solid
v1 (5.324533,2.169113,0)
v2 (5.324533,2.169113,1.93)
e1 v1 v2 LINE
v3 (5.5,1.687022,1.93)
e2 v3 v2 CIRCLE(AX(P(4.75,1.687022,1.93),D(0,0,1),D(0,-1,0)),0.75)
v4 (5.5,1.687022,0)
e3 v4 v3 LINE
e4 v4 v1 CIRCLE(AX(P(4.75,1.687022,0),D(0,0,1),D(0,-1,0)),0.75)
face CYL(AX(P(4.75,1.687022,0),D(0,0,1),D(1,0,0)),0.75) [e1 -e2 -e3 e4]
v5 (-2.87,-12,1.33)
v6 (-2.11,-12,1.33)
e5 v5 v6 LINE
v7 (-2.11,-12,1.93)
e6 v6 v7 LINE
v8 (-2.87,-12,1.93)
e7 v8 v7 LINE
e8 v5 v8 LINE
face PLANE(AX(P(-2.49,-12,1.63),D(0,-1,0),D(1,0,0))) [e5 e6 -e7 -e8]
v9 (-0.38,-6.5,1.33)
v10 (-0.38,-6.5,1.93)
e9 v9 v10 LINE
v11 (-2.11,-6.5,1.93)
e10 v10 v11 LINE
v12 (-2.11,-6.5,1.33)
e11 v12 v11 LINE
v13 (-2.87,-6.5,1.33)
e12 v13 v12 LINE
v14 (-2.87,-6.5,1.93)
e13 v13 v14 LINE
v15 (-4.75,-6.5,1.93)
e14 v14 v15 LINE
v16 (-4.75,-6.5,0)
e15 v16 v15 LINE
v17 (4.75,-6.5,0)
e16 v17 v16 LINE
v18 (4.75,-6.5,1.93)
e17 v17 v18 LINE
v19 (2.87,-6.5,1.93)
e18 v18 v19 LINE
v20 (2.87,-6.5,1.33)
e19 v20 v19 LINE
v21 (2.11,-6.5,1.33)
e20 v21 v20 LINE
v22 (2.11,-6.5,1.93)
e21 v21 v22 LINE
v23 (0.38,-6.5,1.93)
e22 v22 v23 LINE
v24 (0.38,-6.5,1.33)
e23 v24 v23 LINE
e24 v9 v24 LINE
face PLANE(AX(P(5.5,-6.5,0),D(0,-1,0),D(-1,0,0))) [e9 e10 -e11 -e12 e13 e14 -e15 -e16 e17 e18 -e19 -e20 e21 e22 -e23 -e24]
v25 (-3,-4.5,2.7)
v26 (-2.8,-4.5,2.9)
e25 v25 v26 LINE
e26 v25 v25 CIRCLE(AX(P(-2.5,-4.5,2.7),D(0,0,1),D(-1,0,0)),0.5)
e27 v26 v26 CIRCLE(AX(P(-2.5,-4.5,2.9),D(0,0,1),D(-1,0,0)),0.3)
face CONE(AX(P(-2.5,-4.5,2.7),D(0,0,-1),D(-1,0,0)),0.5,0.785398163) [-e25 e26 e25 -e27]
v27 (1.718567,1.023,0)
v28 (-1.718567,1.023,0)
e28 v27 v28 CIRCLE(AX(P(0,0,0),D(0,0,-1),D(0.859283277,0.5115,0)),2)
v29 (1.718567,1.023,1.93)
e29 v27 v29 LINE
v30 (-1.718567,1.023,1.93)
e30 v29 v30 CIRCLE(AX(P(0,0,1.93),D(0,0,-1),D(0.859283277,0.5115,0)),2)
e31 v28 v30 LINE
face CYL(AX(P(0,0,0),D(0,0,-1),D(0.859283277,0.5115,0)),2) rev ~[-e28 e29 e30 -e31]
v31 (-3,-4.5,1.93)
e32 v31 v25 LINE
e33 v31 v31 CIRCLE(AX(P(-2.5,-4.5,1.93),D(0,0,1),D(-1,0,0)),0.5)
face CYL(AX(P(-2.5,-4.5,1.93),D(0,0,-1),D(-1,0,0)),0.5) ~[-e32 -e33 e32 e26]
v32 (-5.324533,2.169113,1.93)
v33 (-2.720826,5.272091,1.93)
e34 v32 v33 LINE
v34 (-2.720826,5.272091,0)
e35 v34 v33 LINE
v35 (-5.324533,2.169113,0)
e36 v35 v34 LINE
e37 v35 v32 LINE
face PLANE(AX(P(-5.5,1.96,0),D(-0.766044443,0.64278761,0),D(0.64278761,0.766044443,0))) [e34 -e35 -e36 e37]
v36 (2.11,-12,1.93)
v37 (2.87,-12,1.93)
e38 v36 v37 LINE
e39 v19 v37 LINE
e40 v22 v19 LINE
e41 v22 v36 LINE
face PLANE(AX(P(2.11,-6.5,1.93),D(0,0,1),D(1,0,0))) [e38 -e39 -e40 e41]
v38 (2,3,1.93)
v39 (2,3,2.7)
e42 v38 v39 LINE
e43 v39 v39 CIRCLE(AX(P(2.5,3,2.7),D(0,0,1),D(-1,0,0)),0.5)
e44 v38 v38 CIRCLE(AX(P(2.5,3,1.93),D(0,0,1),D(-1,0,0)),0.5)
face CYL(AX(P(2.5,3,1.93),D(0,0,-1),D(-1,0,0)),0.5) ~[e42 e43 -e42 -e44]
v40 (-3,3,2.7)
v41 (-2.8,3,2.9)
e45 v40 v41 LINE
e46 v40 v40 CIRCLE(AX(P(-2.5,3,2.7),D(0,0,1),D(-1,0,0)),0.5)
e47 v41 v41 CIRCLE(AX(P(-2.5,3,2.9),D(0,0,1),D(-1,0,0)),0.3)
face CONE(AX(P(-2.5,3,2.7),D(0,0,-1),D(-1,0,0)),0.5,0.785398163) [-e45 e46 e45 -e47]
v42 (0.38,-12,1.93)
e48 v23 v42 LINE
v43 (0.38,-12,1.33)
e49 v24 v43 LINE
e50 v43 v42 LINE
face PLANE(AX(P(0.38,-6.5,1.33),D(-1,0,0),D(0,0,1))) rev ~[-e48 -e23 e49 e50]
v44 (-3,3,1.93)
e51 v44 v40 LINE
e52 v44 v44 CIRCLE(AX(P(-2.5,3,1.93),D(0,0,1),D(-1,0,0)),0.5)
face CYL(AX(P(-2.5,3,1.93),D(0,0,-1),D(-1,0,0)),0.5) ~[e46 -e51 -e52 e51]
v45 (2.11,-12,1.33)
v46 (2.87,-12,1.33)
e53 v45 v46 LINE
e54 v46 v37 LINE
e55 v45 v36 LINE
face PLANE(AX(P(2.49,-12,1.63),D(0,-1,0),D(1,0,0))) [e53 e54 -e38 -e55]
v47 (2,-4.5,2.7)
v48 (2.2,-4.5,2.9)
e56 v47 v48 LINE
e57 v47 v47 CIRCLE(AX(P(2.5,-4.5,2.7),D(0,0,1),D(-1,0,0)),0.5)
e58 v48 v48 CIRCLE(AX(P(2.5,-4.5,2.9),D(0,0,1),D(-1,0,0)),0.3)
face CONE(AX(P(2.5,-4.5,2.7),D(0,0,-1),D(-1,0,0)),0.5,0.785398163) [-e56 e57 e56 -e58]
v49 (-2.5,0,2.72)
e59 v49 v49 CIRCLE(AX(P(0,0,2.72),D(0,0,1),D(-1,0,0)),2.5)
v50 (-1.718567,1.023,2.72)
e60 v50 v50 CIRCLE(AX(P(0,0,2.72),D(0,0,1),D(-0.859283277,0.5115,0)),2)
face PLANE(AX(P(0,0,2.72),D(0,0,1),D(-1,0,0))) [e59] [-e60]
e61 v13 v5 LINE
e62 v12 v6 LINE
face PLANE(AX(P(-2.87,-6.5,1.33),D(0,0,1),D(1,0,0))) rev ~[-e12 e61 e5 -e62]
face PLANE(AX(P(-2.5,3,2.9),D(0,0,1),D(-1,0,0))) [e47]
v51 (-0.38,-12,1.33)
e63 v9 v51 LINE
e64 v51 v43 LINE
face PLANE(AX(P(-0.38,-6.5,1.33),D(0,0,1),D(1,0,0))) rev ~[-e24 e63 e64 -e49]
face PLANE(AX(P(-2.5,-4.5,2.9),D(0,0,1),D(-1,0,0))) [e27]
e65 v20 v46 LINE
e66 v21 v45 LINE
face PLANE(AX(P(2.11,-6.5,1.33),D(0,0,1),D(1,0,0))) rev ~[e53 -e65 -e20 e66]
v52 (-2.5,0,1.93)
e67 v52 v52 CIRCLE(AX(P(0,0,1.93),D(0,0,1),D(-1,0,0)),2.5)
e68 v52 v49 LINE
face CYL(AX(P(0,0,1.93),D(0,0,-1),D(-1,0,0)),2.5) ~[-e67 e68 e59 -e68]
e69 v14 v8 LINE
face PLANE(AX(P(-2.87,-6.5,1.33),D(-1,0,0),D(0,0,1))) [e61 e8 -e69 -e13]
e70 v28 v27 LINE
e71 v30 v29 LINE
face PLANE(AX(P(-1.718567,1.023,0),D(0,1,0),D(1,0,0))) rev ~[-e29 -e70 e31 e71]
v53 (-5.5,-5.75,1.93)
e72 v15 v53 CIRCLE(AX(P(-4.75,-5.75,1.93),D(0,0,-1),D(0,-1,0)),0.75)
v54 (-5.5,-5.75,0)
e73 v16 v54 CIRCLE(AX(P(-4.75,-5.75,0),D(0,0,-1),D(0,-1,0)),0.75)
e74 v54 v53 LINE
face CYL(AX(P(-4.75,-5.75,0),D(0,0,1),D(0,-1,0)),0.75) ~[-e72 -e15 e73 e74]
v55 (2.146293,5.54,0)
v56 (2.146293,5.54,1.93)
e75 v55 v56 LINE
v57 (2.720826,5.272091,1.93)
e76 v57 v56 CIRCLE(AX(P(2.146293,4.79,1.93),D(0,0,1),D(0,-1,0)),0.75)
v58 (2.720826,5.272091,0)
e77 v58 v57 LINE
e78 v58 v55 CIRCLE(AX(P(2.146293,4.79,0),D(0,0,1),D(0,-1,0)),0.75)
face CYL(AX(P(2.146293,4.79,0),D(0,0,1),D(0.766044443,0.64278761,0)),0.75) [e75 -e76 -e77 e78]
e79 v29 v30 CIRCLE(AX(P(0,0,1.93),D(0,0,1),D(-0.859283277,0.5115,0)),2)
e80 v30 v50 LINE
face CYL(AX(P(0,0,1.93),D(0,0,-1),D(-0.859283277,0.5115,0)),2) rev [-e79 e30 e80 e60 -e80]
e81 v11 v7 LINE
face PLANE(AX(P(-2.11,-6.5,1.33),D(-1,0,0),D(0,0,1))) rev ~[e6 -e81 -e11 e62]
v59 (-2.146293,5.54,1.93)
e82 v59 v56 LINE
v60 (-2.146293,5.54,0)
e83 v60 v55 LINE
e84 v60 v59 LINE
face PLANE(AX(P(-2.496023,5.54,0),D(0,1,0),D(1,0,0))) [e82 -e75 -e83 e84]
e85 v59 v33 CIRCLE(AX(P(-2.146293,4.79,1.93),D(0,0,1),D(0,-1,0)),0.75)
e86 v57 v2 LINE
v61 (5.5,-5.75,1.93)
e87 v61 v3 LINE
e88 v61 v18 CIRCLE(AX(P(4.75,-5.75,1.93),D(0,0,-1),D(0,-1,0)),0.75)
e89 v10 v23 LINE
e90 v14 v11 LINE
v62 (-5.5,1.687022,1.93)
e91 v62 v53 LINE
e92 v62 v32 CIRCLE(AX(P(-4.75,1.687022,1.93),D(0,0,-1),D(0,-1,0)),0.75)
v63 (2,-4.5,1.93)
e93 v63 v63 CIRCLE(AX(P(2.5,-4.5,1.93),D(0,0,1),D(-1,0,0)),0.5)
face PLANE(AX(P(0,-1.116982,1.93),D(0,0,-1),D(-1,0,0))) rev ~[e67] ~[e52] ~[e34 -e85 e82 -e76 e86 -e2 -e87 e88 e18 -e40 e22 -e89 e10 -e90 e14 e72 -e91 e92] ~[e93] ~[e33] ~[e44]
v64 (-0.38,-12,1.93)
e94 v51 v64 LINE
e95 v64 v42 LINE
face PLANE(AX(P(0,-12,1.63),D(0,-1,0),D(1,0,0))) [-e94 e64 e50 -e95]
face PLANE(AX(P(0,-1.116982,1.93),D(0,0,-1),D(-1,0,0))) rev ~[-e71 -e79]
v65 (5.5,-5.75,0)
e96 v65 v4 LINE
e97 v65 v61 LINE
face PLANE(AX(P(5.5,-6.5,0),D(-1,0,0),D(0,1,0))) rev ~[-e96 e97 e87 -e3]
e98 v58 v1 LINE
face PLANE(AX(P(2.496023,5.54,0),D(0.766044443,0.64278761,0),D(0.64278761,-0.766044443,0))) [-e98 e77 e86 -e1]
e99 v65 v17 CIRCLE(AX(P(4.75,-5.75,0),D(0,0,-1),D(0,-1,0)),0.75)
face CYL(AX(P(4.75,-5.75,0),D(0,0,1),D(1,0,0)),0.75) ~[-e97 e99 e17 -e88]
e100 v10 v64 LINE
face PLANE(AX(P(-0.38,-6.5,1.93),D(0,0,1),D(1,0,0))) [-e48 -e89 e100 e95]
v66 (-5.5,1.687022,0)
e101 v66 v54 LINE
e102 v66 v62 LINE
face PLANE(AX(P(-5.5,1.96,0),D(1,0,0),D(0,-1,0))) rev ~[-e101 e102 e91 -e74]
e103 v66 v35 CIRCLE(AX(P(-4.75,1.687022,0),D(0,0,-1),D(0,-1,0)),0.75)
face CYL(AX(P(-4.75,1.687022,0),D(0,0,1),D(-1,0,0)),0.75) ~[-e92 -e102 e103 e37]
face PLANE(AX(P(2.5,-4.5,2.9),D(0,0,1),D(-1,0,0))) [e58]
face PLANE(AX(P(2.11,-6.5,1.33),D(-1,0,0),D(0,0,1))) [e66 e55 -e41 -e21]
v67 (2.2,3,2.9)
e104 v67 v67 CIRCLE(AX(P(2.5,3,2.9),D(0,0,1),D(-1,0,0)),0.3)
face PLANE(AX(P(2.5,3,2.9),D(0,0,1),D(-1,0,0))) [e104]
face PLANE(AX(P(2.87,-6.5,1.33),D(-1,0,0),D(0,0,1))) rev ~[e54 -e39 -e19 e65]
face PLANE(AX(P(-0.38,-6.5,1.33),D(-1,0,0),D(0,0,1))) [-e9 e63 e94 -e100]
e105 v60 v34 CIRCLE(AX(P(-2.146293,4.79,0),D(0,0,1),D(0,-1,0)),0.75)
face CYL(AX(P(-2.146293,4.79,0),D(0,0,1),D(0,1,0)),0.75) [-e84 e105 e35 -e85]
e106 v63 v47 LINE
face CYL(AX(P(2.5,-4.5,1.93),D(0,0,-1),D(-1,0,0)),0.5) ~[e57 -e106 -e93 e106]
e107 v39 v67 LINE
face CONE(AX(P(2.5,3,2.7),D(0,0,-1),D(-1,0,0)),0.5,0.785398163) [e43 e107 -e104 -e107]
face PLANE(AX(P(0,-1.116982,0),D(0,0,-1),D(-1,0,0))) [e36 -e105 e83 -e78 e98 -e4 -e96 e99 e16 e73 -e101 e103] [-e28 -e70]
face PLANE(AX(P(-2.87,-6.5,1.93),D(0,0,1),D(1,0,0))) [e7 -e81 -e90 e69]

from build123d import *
from build123d.topology import SkipClean

# Parameters (mm, degrees)
BOSS_EXTRUDE1_DEPTH = 1.93
SKETCH2_R           = 2.5
SKETCH2_R_2         = 2
BOSS_EXTRUDE2_DEPTH = 0.79
FILLET2_R           = 0.75
SKETCH5_R           = 0.5
BOSS_EXTRUDE4_DEPTH = 0.97
CHAMFER1_SIZE       = 0.2
SKETCH6_W           = 0.76
SKETCH6_H           = 0.6
BOSS_EXTRUDE5_DEPTH = 5.5


with BuildPart() as part:
    # Sketch1 → Boss-Extrude1 (new body)
    with BuildSketch(Plane.XY):
        Polygon((5.5, 0), (5.5, -6.5), (-5.5, -6.5), (-5.5, 0), (-5.5, 1.96), (-2.49602332, 5.54), (2.49602332, 5.54), (5.5, 1.96), align=None)
        with BuildLine():
            Line((-1.718566554, 1.023), (1.718566554, 1.023))
            ThreePointArc((1.718566554, 1.023), (0, -2), (-1.718566554, 1.023))
        make_face(mode=Mode.SUBTRACT)
    extrude(amount=BOSS_EXTRUDE1_DEPTH)

    # Sketch2 → Boss-Extrude2 (add)
    with SkipClean():  # the faces are left unmerged after this step: merging them gives an invalid solid
        with BuildSketch(Plane.XY.offset(1.93)):
            with Locations(Location((0, 0, 0), (0, 0, 180))):
                Circle(SKETCH2_R)
            with Locations(Location((0, 0, 0), (0, 0, 149.236204264))):
                Circle(SKETCH2_R_2, mode=Mode.SUBTRACT)
        extrude(amount=BOSS_EXTRUDE2_DEPTH)

    # Fillet2
    fillet2_edges = [part.edges().sort_by_distance(p)[0] for p in [
        (5.5, -6.5, 0.965),
        (-5.5, -6.5, 0.965),
        (-5.5, 1.96, 0.965),
        (-2.49602332, 5.54, 0.965),
        (2.49602332, 5.54, 0.965),
        (5.5, 1.96, 0.965),
    ]]
    fillet(fillet2_edges, radius=FILLET2_R)

    # Sketch5 → Boss-Extrude4 (add)
    with SkipClean():  # the faces are left unmerged after this step: merging them gives an invalid solid
        with BuildSketch(Plane.XY.offset(1.93)):
            with Locations(Location((-2.5, -4.5, 0), (0, 0, 180))):
                Circle(SKETCH5_R)
            with Locations(Location((2.5, -4.5, 0), (0, 0, 180))):
                Circle(SKETCH5_R)
            with Locations(Location((2.5, 3, 0), (0, 0, 180))):
                Circle(SKETCH5_R)
            with Locations(Location((-2.5, 3, 0), (0, 0, 180))):
                Circle(SKETCH5_R)
        extrude(amount=BOSS_EXTRUDE4_DEPTH)

    # Chamfer1
    chamfer1_edges = [part.edges().sort_by_distance(p)[0] for p in [
        (3, -4.5, 2.9),
        (-2, -4.5, 2.9),
        (3, 3, 2.9),
        (-2, 3, 2.9),
    ]]
    chamfer(chamfer1_edges, length=CHAMFER1_SIZE)

    # Sketch6 → Boss-Extrude5 (add)
    with SkipClean():  # the faces are left unmerged after this step: merging them gives an invalid solid
        with BuildSketch(Plane.XZ.offset(6.5)):
            with Locations((-2.49, 1.63)):
                Rectangle(SKETCH6_W, SKETCH6_H)
            with Locations((0, 1.63)):
                Rectangle(SKETCH6_W, SKETCH6_H)
            with Locations((2.49, 1.63)):
                Rectangle(SKETCH6_W, SKETCH6_H)
        extrude(amount=BOSS_EXTRUDE5_DEPTH)


solid = part.part
